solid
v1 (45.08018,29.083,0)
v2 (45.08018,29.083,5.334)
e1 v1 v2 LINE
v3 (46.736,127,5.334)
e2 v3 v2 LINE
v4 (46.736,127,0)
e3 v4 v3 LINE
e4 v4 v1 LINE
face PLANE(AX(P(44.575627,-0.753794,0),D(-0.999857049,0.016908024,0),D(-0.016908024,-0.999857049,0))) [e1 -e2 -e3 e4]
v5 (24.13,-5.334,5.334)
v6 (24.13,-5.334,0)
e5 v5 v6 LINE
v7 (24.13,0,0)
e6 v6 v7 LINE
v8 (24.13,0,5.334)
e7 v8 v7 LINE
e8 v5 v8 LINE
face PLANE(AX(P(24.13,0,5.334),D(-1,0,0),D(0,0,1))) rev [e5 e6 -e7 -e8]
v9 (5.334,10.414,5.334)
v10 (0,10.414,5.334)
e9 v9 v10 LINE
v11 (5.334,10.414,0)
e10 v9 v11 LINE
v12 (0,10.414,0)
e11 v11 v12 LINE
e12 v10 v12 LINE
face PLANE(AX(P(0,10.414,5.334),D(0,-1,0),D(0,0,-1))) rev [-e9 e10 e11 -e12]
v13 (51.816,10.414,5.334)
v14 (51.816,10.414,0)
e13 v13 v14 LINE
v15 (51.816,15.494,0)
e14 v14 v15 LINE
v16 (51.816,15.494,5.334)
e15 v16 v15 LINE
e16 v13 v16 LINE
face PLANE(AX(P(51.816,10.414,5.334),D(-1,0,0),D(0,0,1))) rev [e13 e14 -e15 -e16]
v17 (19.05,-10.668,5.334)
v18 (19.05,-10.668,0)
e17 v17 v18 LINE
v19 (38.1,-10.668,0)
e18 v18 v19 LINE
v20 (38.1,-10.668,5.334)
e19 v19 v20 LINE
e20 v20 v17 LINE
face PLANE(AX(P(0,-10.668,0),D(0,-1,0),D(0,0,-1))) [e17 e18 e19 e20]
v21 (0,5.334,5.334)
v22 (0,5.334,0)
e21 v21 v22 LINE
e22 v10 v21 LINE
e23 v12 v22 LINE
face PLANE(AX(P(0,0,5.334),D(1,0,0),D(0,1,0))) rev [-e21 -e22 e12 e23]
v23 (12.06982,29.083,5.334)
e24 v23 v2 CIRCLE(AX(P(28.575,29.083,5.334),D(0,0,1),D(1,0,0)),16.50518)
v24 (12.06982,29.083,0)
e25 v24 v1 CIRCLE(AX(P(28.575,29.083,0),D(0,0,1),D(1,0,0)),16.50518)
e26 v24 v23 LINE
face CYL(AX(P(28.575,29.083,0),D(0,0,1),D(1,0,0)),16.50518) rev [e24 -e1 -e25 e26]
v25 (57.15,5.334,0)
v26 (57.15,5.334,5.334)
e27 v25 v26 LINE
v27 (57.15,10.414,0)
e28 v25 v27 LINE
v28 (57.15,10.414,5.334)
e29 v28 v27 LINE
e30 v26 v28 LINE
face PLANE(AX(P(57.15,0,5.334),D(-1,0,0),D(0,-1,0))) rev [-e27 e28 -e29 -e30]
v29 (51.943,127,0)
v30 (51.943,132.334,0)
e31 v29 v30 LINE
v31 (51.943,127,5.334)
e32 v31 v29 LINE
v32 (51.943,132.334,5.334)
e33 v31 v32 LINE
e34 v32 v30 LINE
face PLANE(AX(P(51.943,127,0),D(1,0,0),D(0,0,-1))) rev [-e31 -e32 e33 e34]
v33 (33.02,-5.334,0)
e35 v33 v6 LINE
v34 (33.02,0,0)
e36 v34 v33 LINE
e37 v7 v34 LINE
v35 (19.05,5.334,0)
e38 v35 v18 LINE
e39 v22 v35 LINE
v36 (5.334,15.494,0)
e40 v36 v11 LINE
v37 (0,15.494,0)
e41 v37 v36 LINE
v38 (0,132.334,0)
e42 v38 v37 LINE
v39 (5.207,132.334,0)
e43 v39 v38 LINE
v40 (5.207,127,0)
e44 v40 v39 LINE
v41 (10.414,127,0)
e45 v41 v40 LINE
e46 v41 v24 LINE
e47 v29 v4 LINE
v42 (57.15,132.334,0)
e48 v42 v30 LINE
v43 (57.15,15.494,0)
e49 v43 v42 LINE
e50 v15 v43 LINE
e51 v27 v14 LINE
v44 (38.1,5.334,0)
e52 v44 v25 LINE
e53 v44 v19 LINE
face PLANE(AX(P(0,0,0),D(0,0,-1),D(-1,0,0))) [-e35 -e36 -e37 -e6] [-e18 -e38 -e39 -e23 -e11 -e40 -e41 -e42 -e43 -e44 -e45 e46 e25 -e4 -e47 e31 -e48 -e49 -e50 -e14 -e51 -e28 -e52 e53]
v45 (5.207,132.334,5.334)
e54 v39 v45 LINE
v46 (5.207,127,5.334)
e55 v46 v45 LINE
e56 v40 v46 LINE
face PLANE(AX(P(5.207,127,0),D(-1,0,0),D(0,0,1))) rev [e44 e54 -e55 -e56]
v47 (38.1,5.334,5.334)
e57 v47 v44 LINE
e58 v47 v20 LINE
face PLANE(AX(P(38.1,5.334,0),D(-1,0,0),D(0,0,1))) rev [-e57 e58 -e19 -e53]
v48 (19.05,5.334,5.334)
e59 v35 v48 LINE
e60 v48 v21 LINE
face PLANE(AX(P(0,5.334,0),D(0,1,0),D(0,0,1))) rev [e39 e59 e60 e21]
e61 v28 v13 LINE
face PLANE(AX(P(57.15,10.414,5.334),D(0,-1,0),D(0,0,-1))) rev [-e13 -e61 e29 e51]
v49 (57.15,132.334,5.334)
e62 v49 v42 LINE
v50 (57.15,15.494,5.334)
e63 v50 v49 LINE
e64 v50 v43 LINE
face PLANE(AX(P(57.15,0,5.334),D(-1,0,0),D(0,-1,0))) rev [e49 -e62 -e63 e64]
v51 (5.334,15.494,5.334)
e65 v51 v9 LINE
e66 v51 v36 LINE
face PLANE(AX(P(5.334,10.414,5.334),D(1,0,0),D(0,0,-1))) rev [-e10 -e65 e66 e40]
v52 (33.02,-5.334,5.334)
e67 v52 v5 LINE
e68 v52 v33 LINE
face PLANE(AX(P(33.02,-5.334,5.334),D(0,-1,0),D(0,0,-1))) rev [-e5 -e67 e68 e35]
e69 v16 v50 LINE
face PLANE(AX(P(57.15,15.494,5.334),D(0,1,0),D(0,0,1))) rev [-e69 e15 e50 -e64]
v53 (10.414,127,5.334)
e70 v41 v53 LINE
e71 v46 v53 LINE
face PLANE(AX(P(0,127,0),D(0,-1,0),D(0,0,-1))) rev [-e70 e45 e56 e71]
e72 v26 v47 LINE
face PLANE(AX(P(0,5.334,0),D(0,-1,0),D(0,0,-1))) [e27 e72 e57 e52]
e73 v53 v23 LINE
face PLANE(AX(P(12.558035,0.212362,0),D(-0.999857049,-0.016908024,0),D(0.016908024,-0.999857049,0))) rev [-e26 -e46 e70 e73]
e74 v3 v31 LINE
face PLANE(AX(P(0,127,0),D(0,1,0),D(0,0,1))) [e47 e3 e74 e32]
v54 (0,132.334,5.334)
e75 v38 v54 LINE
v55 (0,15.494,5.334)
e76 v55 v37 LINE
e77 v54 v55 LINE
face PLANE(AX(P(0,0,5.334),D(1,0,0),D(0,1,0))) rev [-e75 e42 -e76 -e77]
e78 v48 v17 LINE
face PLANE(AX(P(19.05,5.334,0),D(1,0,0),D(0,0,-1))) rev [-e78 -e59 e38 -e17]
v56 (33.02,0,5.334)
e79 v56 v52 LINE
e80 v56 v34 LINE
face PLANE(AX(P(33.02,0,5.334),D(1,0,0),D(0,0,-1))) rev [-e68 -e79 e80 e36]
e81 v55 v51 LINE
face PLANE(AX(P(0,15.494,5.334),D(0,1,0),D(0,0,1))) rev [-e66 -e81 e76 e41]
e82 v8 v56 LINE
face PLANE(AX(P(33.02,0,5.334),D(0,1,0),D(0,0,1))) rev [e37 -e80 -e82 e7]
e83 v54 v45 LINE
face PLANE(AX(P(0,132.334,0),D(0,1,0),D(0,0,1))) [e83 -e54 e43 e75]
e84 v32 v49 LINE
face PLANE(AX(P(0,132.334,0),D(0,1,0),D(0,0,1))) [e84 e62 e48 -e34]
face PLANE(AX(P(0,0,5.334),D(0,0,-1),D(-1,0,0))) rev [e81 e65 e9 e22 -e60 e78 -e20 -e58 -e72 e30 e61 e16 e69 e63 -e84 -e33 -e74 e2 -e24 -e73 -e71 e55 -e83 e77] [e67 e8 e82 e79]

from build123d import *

# Parameters (mm, degrees)
SKETCH8_W           = 57.15
SKETCH8_H           = 127
BOSS_EXTRUDE3_DEPTH = 5.334
SKETCH9_R           = 16.505180298
CUT_EXTRUDE4_DEPTH  = 140.368483008
SKETCH12_W          = 19.05
SKETCH12_H          = 5.334
CUT_EXTRUDE8_DEPTH  = 5.334
SKETCH14_W          = 10.414
SKETCH14_H          = 5.334
BOSS_EXTRUDE4_DEPTH = 5.334
SKETCH15_W          = 5.207
SKETCH15_H          = 5.334
CUT_EXTRUDE9_DEPTH  = 5.334
SKETCH22_W          = 19.05
SKETCH22_H          = 5.334
BOSS_EXTRUDE5_DEPTH = 10.668
SKETCH23_W          = 8.89
SKETCH23_H          = 5.334
CUT_EXTRUDE15_DEPTH = 145.245837417
SKETCH24_W          = 5.334
SKETCH24_H          = 5.08
CUT_EXTRUDE16_DEPTH = 145.245837417


with BuildPart() as part:
    # Sketch8 → Boss-Extrude3 (new body)
    with BuildSketch(Plane.XY):
        with Locations((28.575, 63.5)):
            Rectangle(SKETCH8_W, SKETCH8_H)
    extrude(amount=BOSS_EXTRUDE3_DEPTH)

    # Sketch9 → Cut-Extrude4 (cut, through all)
    with BuildSketch(Plane.XY.offset(5.334)):
        with BuildLine():
            Line((46.736, 127), (10.414, 127))
            Line((10.414, 127), (12.069819702, 29.083))
            ThreePointArc((12.069819702, 29.083), (28.575, 45.588180298), (45.080180298, 29.083))
            Line((45.080180298, 29.083), (46.736, 127))
        make_face()
        with Locations((28.575, 29.083)):
            Circle(SKETCH9_R)
    extrude(amount=-CUT_EXTRUDE4_DEPTH, mode=Mode.SUBTRACT)

    # Sketch12 → Cut-Extrude8 (cut)
    with BuildSketch(Plane(origin=(0, 0, 0), x_dir=(-1, 0, 0), z_dir=(0, -1, 0))):
        with Locations((-47.625, -2.667)):
            Rectangle(SKETCH12_W, SKETCH12_H)
        with Locations((-9.525, -2.667)):
            Rectangle(SKETCH12_W, SKETCH12_H)
    extrude(amount=-CUT_EXTRUDE8_DEPTH, mode=Mode.SUBTRACT)

    # Sketch14 → Boss-Extrude4 (add)
    with BuildSketch(Plane(origin=(0, 127, 0), x_dir=(1, 0, 0), z_dir=(0, 1, 0))):
        with Locations((51.943, -2.667)):
            Rectangle(SKETCH14_W, SKETCH14_H)
        with Locations((5.207, -2.667)):
            Rectangle(SKETCH14_W, SKETCH14_H)
    extrude(amount=BOSS_EXTRUDE4_DEPTH)

    # Sketch15 → Cut-Extrude9 (cut)
    with BuildSketch(Plane(origin=(0, 132.334, 0), x_dir=(1, 0, 0), z_dir=(0, 1, 0))):
        with Locations((7.8105, -2.667)):
            Rectangle(SKETCH15_W, SKETCH15_H)
        with Locations((49.3395, -2.667)):
            Rectangle(SKETCH15_W, SKETCH15_H)
    extrude(amount=-CUT_EXTRUDE9_DEPTH, mode=Mode.SUBTRACT)

    # Sketch22 → Boss-Extrude5 (add)
    with BuildSketch(Plane.XZ):
        with Locations((28.575, 2.667)):
            Rectangle(SKETCH22_W, SKETCH22_H)
    extrude(amount=BOSS_EXTRUDE5_DEPTH)

    # Sketch23 → Cut-Extrude15 (cut, through all)
    with BuildSketch(Plane(origin=(0, 0, 0), x_dir=(-1, 0, 0), z_dir=(0, 0, -1))):
        with Locations((-28.575, -2.667)):
            Rectangle(SKETCH23_W, SKETCH23_H)
    extrude(amount=-CUT_EXTRUDE15_DEPTH, mode=Mode.SUBTRACT)

    # Sketch24 → Cut-Extrude16 (cut, through all)
    with BuildSketch(Plane(origin=(0, 0, 0), x_dir=(-1, 0, 0), z_dir=(0, 0, -1))):
        with Locations((-54.483, 12.954)):
            Rectangle(SKETCH24_W, SKETCH24_H)
        with Locations((-2.667, 12.954)):
            Rectangle(SKETCH24_W, SKETCH24_H)
    extrude(amount=-CUT_EXTRUDE16_DEPTH, mode=Mode.SUBTRACT)


solid = part.part
